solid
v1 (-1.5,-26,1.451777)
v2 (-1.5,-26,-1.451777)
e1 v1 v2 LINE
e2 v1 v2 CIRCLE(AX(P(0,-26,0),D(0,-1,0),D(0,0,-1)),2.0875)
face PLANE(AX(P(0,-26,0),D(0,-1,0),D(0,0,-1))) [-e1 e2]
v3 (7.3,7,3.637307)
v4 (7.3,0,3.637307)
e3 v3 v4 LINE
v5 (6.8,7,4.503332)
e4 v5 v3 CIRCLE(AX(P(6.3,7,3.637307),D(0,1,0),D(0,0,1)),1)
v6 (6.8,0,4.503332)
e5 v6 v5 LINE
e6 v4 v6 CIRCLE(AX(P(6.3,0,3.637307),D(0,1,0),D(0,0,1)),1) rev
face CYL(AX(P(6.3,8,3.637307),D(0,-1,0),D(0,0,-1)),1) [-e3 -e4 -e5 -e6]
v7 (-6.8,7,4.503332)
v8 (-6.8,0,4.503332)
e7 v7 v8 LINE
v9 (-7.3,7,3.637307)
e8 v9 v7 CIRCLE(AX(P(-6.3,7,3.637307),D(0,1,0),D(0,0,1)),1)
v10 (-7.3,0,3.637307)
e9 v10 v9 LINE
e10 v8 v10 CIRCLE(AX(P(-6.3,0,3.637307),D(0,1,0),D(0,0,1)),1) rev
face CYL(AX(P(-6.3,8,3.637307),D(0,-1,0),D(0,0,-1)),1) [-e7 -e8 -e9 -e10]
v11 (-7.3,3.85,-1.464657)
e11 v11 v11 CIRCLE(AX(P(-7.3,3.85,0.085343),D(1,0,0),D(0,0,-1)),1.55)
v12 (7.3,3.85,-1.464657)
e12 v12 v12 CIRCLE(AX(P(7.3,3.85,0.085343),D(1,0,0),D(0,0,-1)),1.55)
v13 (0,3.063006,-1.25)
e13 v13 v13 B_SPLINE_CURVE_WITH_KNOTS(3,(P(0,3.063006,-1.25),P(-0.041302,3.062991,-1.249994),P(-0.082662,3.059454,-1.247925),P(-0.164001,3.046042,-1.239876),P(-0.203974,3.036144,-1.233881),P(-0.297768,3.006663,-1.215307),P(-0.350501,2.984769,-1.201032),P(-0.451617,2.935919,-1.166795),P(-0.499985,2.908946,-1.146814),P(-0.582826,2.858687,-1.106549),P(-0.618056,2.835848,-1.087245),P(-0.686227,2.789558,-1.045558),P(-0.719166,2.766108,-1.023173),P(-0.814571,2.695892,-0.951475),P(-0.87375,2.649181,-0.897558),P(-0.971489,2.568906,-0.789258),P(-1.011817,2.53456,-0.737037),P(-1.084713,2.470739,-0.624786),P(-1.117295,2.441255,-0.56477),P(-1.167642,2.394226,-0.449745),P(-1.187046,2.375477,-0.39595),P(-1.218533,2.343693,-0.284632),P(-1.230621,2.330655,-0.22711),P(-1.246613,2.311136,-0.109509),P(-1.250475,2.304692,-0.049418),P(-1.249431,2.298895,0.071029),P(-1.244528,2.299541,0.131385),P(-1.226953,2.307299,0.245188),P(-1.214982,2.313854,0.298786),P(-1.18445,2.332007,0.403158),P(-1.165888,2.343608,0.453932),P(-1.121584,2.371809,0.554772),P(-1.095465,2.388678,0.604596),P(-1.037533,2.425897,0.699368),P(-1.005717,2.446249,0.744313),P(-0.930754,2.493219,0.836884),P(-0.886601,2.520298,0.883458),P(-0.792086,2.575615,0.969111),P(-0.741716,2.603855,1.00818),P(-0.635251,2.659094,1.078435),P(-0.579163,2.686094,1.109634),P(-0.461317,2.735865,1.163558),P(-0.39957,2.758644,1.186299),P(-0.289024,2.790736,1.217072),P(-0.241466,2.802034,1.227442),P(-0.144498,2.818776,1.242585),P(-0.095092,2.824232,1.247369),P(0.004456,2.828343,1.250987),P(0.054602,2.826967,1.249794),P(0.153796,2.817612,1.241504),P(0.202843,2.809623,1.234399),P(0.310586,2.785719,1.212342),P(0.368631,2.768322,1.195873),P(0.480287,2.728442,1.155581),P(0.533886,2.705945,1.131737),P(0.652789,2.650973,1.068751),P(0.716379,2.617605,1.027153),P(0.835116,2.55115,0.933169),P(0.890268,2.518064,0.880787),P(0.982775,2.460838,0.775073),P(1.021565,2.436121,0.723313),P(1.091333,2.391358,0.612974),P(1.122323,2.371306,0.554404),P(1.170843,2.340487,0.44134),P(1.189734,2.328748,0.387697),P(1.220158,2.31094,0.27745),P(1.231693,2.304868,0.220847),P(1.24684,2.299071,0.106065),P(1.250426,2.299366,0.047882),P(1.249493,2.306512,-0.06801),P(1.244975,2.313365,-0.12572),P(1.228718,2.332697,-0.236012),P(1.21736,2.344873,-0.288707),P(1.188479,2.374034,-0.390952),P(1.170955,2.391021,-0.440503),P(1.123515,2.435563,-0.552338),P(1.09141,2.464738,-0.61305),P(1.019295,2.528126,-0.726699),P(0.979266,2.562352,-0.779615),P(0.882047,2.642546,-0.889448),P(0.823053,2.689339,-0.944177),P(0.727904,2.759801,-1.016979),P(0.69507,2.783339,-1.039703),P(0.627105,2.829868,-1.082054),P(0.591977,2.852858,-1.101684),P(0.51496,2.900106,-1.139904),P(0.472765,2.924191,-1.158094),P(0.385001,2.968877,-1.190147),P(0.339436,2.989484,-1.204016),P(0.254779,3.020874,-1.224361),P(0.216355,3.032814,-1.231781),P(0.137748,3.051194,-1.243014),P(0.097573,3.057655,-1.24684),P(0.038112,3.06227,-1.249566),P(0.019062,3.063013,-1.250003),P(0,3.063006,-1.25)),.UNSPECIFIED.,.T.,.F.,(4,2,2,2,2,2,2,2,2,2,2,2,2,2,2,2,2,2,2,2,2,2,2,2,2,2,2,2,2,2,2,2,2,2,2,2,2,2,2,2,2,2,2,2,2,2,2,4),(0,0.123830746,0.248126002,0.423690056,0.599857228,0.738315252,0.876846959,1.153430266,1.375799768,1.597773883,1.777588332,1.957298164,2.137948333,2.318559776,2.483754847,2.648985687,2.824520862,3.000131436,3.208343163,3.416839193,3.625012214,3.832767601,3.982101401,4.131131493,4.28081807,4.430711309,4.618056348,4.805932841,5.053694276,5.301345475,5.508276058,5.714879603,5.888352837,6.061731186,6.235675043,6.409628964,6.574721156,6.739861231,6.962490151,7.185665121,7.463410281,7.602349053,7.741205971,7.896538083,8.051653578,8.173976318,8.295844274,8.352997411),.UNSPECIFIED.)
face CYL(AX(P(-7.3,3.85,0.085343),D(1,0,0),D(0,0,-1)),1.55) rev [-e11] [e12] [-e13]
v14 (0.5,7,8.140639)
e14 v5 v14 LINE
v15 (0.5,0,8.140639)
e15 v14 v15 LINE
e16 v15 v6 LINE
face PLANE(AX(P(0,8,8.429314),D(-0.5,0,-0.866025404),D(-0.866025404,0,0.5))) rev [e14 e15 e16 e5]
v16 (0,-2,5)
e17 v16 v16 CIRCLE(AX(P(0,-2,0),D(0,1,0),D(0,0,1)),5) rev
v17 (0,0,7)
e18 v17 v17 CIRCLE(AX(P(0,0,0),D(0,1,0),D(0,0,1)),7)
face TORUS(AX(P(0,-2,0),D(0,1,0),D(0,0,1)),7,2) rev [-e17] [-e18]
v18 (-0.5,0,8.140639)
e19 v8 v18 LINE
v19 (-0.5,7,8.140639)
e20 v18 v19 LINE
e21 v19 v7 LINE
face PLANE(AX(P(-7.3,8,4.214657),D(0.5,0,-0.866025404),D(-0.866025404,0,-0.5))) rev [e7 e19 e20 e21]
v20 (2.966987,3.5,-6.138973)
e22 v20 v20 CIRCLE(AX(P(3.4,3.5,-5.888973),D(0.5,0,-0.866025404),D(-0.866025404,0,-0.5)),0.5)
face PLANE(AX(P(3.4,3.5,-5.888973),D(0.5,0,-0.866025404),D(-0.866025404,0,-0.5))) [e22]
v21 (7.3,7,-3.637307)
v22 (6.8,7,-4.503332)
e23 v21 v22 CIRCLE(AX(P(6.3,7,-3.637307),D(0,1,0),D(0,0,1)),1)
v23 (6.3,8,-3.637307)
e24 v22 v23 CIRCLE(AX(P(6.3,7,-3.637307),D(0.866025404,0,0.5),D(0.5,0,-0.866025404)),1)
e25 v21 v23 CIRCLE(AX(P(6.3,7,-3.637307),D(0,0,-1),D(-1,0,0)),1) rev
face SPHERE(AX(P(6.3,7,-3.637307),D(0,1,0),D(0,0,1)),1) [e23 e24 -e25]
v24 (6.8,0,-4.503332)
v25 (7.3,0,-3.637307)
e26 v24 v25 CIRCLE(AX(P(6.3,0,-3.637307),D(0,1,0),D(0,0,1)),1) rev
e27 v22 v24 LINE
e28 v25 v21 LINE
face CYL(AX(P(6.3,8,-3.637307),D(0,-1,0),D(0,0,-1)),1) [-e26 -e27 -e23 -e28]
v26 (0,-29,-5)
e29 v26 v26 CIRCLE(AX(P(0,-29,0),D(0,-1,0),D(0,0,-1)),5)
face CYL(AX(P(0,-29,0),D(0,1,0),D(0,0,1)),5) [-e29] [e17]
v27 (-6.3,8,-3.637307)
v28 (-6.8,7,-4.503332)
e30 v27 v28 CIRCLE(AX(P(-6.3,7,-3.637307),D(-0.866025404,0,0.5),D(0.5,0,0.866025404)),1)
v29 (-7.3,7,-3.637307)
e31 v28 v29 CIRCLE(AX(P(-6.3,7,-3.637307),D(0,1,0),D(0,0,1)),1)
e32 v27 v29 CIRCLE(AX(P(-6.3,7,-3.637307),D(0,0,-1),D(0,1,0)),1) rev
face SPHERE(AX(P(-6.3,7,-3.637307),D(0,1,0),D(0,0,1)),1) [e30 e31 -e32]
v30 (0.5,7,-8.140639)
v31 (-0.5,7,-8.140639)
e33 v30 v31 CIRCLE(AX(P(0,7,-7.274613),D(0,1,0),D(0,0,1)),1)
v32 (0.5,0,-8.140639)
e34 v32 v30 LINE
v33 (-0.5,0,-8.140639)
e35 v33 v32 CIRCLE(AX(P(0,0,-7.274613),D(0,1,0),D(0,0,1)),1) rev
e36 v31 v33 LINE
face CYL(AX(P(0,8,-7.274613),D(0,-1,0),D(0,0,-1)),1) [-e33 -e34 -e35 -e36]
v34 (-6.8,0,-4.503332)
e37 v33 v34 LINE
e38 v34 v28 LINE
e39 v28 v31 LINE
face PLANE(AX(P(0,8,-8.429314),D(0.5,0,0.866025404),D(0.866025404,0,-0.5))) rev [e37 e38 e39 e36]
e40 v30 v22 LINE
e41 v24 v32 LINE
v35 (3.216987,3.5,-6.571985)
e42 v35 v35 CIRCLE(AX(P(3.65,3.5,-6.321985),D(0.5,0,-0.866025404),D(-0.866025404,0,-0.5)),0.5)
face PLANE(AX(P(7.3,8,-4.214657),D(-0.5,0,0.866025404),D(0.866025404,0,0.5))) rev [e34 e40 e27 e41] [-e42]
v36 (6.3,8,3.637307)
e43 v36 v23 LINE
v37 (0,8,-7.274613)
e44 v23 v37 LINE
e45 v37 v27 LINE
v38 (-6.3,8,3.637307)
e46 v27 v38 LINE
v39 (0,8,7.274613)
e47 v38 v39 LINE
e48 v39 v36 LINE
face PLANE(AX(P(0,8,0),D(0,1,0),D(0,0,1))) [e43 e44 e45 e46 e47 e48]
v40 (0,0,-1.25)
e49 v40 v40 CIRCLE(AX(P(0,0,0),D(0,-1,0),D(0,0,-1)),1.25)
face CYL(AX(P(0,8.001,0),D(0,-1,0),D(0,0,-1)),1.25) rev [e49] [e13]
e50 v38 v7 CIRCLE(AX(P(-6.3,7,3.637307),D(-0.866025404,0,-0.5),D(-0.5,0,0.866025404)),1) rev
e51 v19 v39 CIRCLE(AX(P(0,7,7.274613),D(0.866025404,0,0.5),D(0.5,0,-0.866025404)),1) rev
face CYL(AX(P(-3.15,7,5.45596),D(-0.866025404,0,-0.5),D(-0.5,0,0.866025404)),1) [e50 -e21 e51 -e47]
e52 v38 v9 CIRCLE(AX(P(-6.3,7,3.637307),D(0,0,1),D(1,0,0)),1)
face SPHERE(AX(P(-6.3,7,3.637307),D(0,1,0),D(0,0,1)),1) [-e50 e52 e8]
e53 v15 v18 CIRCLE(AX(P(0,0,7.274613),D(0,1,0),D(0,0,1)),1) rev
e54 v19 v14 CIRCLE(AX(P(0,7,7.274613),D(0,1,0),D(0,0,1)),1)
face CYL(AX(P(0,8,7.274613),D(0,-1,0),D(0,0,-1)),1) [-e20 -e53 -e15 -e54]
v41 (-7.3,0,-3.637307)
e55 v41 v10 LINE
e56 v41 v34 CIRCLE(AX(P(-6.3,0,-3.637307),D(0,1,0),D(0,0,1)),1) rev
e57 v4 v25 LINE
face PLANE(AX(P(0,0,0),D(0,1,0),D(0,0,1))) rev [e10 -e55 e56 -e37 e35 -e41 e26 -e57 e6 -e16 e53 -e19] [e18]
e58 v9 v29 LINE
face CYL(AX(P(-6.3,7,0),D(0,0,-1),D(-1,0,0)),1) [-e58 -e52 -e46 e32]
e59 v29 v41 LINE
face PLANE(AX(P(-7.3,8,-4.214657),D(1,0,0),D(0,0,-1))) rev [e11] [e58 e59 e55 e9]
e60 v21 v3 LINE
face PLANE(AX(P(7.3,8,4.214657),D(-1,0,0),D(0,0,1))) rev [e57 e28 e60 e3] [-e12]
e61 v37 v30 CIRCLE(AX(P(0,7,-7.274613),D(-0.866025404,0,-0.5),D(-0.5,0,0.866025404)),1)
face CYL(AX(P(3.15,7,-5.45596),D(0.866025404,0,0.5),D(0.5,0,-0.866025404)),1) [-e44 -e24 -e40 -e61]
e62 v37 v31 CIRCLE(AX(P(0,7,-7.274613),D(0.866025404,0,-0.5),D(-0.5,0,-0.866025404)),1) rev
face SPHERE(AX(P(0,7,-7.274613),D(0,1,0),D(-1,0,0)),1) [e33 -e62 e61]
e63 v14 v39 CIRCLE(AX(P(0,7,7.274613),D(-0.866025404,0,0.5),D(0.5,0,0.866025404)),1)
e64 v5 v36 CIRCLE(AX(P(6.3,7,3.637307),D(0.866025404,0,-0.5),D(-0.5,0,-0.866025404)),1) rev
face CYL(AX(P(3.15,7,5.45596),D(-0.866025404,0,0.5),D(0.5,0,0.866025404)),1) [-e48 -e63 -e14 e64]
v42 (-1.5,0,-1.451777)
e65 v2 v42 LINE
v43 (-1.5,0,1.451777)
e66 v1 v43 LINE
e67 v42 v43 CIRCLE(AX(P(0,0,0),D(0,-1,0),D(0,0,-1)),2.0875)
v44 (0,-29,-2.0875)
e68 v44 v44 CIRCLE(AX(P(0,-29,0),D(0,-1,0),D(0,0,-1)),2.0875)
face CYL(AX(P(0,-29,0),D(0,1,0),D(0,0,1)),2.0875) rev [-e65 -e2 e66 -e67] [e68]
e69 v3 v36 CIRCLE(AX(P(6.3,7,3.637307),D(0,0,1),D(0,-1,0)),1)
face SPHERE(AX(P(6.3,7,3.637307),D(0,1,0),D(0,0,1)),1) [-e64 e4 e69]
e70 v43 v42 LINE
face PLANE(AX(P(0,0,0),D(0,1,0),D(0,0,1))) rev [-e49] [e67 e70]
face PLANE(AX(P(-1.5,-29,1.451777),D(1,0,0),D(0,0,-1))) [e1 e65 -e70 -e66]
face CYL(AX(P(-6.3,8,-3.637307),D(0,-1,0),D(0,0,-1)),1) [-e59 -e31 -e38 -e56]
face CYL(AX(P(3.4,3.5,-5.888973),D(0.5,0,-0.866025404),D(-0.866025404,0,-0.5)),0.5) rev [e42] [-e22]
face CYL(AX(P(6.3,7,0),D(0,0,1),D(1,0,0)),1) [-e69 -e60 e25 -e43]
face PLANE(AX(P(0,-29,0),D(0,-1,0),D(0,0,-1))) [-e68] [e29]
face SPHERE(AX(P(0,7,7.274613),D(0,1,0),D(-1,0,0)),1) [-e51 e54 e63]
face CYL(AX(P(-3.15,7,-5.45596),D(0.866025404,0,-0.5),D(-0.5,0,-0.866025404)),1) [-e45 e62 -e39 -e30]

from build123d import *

# Parameters (mm, degrees)
BOSS_EXTRUDE1_DEPTH = 8
SKETCH2_R           = 5
BOSS_EXTRUDE2_DEPTH = 29
FILLET1_R           = 2
SKETCH3_R           = 1.55
CUT_EXTRUDE1_DEPTH  = 15.6
FILLET2_R           = 1
SKETCH5_R           = 2.0875
CUT_EXTRUDE3_DEPTH  = 3
CUT_EXTRUDE4_REACH  = 10
SKETCH6_R           = 1.25
SKETCH7_R           = 0.5
CUT_EXTRUDE5_DEPTH  = 0.5


with BuildPart() as part:
    # Sketch1 → Boss-Extrude1 (new body)
    with BuildSketch(Plane(origin=(0, 0, 0), x_dir=(1, 0, 0), z_dir=(0, 1, 0))):
        Polygon((7.3, -4.214656965), (7.3, 4.214656965), (0, 8.42931393), (-7.3, 4.214656965), (-7.3, -4.214656965), (0, -8.42931393), align=None)
    extrude(amount=BOSS_EXTRUDE1_DEPTH)

    # Sketch2 → Boss-Extrude2 (add)
    with BuildSketch(Plane.XZ):
        Circle(SKETCH2_R)
        with BuildLine():
            Line((-1.5, 1.451776928), (-1.5, -1.451776928))
            ThreePointArc((-1.5, -1.451776928), (2.0875, 0), (-1.5, 1.451776928))
        make_face(mode=Mode.SUBTRACT)
    extrude(amount=BOSS_EXTRUDE2_DEPTH)

    # Fillet1
    fillet1_edges = [part.edges().sort_by_distance(p)[0] for p in [
        (-5, 0, 0),
    ]]
    fillet(fillet1_edges, radius=FILLET1_R)

    # Sketch3 → Cut-Extrude1 (cut, through all)
    with BuildSketch(Plane(origin=(7.3, 0, 0), x_dir=(0, 0, -1), z_dir=(1, 0, 0))):
        with Locations((-0.085343035, 3.85)):
            Circle(SKETCH3_R)
    extrude(amount=-CUT_EXTRUDE1_DEPTH, mode=Mode.SUBTRACT)

    # Fillet2
    fillet2_edges = [part.edges().sort_by_distance(p)[0] for p in [
        (0, 4, 8.42931393),
        (-7.3, 4, 4.214656965),
        (-7.3, 4, -4.214656965),
        (0, 4, -8.42931393),
        (7.3, 4, -4.214656965),
        (7.3, 4, 4.214656965),
        (3.65, 8, -6.321985448),
        (-3.65, 8, -6.321985448),
        (-7.3, 8, 0),
        (-3.65, 8, 6.321985448),
        (3.65, 8, 6.321985448),
        (7.3, 8, 0),
    ]]
    fillet(fillet2_edges, radius=FILLET2_R)

    # Sketch5 → Cut-Extrude3 (cut)
    with BuildSketch(Plane.XZ.offset(29)):
        Circle(SKETCH5_R)
    extrude(amount=-CUT_EXTRUDE3_DEPTH, mode=Mode.SUBTRACT)

    # Sketch6 → Cut-Extrude4 (cut, up to next)
    with BuildSketch(Plane.XZ, mode=Mode.PRIVATE) as cut_extrude4_sk1:
        Circle(SKETCH6_R)
    cut_extrude4_tool1 = extrude(cut_extrude4_sk1.sketch, amount=-CUT_EXTRUDE4_REACH, mode=Mode.PRIVATE) & part.part
    add(cut_extrude4_tool1.solids().sort_by_distance((0, 0, 0))[0], mode=Mode.SUBTRACT)

    # Sketch7 → Cut-Extrude5 (cut)
    with BuildSketch(Plane(origin=(3.65, 0, -6.321985448), x_dir=(-0.866025404, 0, -0.5), z_dir=(0.5, 0, -0.866025404))):
        with Locations((0, 3.5)):
            Circle(SKETCH7_R)
    extrude(amount=-CUT_EXTRUDE5_DEPTH, mode=Mode.SUBTRACT)


solid = part.part
